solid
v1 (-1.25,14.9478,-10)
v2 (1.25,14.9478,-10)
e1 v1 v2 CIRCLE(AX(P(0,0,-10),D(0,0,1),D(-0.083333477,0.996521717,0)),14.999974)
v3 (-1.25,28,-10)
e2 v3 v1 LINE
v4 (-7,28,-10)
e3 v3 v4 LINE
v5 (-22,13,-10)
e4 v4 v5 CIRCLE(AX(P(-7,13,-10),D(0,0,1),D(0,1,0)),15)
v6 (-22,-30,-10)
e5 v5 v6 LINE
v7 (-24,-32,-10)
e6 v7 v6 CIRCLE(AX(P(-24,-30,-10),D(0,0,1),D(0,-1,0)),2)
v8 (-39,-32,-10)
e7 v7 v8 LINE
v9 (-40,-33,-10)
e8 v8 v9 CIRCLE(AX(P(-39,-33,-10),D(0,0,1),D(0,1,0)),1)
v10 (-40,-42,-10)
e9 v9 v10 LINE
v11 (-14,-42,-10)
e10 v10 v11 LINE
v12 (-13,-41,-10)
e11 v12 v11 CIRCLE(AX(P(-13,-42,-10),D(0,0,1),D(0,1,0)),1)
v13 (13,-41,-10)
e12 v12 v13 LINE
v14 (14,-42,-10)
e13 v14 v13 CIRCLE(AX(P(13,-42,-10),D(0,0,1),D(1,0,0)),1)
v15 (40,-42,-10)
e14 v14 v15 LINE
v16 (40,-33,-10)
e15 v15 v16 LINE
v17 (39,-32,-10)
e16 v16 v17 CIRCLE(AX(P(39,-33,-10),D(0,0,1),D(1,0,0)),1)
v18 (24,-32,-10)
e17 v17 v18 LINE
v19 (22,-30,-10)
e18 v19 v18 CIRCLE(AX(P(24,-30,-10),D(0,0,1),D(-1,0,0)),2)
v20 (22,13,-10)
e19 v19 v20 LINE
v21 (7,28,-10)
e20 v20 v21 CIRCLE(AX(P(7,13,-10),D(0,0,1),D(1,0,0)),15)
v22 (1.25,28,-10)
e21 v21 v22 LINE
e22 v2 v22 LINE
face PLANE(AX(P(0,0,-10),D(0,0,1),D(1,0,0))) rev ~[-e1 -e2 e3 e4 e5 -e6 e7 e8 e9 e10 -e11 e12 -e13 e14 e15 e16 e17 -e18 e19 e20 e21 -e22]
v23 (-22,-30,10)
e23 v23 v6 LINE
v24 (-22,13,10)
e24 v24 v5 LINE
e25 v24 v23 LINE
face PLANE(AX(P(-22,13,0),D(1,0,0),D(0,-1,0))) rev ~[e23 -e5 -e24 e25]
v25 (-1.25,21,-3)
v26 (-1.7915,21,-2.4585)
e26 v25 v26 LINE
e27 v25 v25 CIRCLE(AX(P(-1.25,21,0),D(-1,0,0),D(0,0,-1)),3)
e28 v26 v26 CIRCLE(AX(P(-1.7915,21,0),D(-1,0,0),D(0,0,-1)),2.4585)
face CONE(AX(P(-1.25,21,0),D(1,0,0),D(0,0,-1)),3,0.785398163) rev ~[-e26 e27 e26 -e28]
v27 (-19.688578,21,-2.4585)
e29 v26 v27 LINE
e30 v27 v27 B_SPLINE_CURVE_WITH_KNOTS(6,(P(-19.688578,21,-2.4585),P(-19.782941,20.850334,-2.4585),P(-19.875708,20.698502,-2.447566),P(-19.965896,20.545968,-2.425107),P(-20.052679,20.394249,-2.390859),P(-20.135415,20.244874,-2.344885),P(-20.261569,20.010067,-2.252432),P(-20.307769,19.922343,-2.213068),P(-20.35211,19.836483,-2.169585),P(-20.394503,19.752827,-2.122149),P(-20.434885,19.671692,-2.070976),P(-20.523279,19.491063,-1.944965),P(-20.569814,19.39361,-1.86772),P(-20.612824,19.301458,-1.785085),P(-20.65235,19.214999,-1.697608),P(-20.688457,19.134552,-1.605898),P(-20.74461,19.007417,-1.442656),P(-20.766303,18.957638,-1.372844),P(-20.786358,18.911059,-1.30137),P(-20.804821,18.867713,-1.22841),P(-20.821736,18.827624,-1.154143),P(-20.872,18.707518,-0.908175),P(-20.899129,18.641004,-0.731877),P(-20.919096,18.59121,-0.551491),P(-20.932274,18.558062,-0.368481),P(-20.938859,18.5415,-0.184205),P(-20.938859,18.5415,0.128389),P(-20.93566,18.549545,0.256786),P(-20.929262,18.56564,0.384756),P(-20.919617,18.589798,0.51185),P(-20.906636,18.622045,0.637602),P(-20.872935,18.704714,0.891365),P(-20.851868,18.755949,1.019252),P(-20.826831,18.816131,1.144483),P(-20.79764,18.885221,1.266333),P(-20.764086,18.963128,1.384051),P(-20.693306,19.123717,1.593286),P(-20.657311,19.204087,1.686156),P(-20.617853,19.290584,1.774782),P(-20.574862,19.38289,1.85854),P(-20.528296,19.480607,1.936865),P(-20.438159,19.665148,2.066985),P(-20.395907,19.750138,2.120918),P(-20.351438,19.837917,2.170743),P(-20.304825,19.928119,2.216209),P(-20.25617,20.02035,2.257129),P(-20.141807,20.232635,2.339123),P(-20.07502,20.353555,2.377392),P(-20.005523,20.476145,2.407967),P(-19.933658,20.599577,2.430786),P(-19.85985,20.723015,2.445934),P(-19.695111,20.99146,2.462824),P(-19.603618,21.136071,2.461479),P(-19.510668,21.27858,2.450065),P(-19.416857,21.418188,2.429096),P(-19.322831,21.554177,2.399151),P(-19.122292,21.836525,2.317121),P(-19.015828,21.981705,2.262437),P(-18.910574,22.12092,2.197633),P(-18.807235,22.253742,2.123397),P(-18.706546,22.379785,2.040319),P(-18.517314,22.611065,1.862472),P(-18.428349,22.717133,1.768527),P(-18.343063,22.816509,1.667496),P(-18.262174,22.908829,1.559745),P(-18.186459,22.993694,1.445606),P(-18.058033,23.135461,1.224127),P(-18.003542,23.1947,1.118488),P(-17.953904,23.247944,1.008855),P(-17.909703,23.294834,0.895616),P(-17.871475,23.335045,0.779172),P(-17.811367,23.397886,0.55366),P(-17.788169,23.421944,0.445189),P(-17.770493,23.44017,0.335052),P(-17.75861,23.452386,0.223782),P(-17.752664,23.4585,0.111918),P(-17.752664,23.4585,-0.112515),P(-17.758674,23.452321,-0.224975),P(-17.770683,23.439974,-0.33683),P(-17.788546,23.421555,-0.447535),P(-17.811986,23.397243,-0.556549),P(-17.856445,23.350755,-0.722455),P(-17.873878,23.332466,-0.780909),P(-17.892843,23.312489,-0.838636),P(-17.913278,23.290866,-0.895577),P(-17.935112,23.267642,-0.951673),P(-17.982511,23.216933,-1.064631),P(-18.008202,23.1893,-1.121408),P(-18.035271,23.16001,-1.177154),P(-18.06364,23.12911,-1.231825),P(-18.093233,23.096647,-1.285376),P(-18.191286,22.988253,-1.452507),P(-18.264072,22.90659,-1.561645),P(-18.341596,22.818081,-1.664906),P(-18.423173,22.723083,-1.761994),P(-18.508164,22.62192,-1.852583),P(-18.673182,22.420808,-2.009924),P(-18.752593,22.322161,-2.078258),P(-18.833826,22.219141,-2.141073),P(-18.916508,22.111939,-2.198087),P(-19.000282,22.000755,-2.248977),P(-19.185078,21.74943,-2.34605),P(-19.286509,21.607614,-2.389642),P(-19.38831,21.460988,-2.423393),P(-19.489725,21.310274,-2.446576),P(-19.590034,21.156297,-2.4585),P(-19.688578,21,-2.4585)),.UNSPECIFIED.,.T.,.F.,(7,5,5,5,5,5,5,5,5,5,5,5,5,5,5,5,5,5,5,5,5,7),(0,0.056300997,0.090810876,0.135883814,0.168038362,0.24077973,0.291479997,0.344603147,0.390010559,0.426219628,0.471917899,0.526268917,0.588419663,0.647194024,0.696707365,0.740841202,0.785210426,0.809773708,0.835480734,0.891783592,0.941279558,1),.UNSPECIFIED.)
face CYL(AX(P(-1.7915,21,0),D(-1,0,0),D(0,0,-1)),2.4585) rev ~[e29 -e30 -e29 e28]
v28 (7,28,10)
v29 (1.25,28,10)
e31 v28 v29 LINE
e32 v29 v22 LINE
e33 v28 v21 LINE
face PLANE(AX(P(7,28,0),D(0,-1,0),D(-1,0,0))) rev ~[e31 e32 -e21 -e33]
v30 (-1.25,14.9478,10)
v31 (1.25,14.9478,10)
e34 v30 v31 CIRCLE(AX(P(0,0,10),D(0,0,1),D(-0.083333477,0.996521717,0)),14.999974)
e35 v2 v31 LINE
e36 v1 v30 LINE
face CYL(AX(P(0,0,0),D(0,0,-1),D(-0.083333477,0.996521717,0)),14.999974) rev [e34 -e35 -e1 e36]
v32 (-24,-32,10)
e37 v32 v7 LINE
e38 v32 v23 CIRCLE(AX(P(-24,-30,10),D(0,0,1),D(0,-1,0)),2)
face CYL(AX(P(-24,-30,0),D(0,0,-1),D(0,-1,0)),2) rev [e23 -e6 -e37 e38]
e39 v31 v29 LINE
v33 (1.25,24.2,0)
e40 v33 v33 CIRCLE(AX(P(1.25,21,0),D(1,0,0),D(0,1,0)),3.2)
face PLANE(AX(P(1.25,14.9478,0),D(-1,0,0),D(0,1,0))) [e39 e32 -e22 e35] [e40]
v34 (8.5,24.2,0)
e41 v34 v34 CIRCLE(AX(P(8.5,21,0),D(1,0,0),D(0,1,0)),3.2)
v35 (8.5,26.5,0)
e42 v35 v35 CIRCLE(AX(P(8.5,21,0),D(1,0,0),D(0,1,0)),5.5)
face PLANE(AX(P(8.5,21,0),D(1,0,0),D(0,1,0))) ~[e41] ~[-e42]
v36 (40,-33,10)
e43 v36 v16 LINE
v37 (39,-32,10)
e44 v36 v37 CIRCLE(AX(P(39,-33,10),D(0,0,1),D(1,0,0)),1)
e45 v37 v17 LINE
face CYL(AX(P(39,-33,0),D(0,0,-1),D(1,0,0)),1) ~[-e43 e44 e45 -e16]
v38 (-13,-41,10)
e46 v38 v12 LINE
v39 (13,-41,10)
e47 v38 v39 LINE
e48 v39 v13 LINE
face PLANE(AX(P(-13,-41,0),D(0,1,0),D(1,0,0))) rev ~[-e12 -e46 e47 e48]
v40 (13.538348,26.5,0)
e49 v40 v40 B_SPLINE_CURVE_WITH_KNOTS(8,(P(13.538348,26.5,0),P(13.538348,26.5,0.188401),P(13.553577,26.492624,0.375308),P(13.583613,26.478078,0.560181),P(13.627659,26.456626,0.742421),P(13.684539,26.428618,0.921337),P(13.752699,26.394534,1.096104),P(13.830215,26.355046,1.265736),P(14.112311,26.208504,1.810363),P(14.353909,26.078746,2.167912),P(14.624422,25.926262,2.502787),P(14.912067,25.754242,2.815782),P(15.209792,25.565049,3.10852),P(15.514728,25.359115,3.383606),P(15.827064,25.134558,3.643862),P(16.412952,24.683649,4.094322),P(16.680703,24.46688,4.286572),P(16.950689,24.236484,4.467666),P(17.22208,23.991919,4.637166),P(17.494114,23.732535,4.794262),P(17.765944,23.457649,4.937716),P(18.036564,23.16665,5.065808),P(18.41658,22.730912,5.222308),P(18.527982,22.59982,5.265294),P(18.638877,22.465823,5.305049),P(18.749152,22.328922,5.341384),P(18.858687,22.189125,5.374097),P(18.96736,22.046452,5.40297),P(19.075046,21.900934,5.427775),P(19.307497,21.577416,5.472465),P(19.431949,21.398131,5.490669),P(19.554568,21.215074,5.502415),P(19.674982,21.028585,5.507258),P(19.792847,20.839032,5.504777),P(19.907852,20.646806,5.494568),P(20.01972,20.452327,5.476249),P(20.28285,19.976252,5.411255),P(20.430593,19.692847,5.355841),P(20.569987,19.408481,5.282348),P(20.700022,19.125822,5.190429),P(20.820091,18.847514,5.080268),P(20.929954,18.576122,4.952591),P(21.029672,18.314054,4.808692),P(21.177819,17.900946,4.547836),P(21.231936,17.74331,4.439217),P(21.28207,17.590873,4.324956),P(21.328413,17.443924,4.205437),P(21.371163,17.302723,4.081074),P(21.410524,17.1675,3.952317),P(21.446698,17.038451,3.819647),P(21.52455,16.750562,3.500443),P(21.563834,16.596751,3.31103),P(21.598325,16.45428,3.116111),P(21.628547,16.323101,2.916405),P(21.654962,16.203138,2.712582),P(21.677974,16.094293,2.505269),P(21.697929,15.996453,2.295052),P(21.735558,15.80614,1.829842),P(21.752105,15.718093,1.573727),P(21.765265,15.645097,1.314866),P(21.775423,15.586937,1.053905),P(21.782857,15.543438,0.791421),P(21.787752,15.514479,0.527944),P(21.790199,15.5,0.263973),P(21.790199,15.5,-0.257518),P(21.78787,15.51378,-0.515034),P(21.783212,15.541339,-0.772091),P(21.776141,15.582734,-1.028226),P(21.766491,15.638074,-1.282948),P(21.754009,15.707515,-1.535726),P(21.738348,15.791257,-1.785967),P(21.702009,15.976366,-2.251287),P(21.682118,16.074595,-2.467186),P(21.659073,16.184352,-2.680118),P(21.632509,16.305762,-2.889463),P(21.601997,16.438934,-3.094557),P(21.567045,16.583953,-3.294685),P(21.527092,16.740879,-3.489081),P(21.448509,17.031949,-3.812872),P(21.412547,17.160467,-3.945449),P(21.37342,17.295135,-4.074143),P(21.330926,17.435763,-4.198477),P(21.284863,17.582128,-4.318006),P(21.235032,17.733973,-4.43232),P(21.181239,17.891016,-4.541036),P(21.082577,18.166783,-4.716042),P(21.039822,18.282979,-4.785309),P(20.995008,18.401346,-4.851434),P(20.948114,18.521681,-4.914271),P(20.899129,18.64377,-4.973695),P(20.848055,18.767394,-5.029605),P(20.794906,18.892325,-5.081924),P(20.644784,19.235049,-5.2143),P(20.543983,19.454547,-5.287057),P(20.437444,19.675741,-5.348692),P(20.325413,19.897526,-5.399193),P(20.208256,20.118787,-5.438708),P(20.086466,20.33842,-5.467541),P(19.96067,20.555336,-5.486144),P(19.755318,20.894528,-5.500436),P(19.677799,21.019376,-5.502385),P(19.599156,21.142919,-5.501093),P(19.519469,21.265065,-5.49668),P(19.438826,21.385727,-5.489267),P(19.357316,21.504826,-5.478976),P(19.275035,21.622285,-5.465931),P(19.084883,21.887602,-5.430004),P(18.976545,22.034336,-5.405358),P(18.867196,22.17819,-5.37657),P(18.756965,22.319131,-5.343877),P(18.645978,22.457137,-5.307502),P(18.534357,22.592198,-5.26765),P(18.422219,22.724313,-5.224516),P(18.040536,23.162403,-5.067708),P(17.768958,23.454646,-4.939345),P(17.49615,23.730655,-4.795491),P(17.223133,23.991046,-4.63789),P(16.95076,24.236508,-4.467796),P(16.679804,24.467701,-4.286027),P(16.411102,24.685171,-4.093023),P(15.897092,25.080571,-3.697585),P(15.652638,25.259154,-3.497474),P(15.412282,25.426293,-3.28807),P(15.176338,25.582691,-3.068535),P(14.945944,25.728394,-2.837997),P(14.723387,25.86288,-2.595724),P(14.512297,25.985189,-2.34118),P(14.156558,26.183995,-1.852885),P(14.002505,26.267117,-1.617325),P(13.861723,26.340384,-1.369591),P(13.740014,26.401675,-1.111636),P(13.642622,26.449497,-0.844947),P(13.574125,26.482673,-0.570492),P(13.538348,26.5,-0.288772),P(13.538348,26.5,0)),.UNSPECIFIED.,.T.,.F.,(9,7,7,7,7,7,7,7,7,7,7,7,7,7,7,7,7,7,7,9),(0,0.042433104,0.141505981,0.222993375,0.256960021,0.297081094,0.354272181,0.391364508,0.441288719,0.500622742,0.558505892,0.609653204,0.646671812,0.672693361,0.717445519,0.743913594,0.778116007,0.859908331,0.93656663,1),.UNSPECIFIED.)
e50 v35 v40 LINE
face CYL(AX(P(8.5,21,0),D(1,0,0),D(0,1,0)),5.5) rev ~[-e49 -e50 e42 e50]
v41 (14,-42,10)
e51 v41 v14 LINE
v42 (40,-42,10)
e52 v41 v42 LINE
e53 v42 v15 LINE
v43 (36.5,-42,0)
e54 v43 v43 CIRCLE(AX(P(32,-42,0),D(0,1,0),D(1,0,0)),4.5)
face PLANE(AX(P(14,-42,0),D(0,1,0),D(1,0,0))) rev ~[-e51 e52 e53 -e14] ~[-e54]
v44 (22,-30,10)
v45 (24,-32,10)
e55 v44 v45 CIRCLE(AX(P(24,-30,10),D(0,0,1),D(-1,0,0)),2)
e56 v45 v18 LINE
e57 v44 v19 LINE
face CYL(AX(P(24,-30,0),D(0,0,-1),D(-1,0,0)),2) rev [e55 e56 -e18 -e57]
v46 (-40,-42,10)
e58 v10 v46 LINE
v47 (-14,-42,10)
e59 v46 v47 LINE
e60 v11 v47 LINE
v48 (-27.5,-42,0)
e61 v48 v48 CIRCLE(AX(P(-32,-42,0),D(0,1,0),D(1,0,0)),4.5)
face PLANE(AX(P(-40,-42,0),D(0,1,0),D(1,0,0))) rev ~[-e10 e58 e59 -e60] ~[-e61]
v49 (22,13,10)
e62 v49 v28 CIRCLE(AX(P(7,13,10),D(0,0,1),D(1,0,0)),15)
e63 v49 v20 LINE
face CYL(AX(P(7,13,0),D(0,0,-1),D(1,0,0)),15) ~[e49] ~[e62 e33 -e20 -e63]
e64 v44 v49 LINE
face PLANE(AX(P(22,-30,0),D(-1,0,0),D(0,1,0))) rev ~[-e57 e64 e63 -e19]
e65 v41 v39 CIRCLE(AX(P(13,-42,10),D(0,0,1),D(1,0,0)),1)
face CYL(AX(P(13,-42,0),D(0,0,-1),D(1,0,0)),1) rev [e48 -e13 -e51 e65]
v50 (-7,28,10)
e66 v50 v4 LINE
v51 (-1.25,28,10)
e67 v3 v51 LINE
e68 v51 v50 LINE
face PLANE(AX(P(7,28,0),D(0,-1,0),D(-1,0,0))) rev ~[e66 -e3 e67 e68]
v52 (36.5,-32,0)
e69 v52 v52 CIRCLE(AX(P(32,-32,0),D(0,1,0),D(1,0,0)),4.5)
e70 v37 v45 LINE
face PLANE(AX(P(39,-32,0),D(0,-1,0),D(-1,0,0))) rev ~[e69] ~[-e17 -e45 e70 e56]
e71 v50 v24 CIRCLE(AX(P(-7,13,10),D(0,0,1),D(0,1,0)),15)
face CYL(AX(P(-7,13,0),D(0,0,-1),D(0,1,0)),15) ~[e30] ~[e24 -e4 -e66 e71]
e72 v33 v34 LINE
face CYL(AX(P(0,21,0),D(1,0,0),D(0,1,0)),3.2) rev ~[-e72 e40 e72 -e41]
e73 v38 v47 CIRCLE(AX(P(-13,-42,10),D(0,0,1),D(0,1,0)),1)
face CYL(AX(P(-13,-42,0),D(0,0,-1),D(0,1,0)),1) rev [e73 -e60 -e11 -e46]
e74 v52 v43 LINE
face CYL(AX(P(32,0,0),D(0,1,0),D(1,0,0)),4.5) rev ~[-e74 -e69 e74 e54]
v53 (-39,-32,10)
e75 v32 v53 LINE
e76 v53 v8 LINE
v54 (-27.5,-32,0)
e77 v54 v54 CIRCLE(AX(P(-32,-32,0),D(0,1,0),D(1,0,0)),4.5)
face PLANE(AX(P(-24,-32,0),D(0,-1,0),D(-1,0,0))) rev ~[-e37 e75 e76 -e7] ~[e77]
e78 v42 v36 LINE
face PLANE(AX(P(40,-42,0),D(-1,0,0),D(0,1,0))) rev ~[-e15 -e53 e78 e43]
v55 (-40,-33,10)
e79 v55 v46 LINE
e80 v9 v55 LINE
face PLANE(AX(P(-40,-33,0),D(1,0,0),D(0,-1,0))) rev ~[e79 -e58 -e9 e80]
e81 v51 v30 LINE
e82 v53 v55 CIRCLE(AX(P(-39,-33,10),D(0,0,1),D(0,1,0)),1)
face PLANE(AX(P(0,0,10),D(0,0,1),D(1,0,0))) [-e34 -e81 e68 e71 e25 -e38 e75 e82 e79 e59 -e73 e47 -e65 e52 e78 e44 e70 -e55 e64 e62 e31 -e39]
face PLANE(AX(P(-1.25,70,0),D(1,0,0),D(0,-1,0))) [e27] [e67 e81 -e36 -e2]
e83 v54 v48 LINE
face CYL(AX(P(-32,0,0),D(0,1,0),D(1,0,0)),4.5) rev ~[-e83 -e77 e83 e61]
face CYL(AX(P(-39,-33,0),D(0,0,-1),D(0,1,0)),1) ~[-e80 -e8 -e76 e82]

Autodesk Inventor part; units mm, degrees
sketch "_____1" plane through (0, 0, 0) normal (0, 0, 1) x (1, 0, 0)
  line L0 (-40, -33) -> (-40, -42)
  line L1 (-40, -42) -> (-14, -42)
  arc A0 (-13, -41) -> (-14, -42) centre (-13, -42) ccw
  line L2 (-13, -41) -> (13, -41)
  arc A1 (14, -42) -> (13, -41) centre (13, -42) ccw
  line L3 (14, -42) -> (40, -42)
  line L4 (40, -42) -> (40, -33)
  arc A2 (40, -33) -> (39, -32) centre (39, -33) ccw
  line L5 (39, -32) -> (24, -32)
  arc A3 (22, -30) -> (24, -32) centre (24, -30) ccw
  line L6 (22, -30) -> (22, 13)
  arc A4 (22, 13) -> (7, 28) centre (7, 13) ccw
  line L7 (7, 28) -> (-7, 28)
  arc A5 (-7, 28) -> (-22, 13) centre (-7, 13) ccw
  line L8 (-22, 13) -> (-22, -30)
  arc A6 (-24, -32) -> (-22, -30) centre (-24, -30) ccw
  line L9 (-24, -32) -> (-39, -32)
  arc A7 (-39, -32) -> (-40, -33) centre (-39, -33) ccw
extrude "Extrusion1" add sketch "_____1" along normal mid plane 20
sketch "_____2" plane through (0, 0, 0) normal (0, 0, 1) x (1, 0, 0)
  arc A0 (-1.25, 14.9478) -> (1.25, 14.9478) centre (0, 0) ccw
  line L0 (1.25, 14.9478) -> (1.25, 70)
  line L1 (1.25, 70) -> (-1.25, 70)
  line L2 (-1.25, 70) -> (-1.25, 14.9478)
extrude "Extrusion2" cut sketch "_____2" along normal mid plane 20
sketch "_____3" plane through (0, 0, 0) normal (0, 1, 0) x (1, 0, 0)
  circle A0 centre (32, 0) radius 4.5
extrude "Extrusion3" cut sketch "_____3" against normal blind 42
sketch "_____4" plane through (0, 0, 0) normal (0, 1, 0) x (1, 0, 0)
  circle A0 centre (-32, 0) radius 4.5
extrude "Extrusion4" cut sketch "_____4" against normal blind 42
sketch "_____5" plane through (0, 0, 0) normal (0, 0, 1) x (1, 0, 0)
  line L0 (50, 21) -> (-50, 21)
  line L1 (0, 21) -> (0, 24.2)
  line L2 (0, 24.2) -> (8.5, 24.2)
  line L3 (8.5, 24.2) -> (8.5, 26.5)
  line L4 (8.5, 26.5) -> (22, 26.5)
  line L5 (22, 26.5) -> (22, 21)
  line L6 (22, 21) -> (0, 21)
revolve "Revolution1" cut sketch "_____5" angle 360 about axis through (50, 21, 0) along (1, 0, 0)
sketch "Sketch6" plane through (-1.25, 14.9478, 10) normal (1, 0, 0) x (0, 0, -1)
  point P0 (10, 6.0522)
hole "Hole1" at (-1.25, 21, 0) direction (-1, 0, 0) diameter 4.917 depth 20.75 countersink diameter 6 countersink angle 90 thread size "M6x1" class "6H" standard "ISO Metric profile"
ref_plane "to_bolt_XY" through (8.5, 21, 0) normal (1, 0, 0) x (0, 0, -1)
ref_plane "to_bolt_YZ" through (8.5, 21, 0) normal (0, 0, -1) x (0, 1, 0)
ref_plane "to_bolt_ZX" through (8.5, 21, 0) normal (0, 1, 0) x (1, 0, 0)
properties part number "C-SHA30_b"
